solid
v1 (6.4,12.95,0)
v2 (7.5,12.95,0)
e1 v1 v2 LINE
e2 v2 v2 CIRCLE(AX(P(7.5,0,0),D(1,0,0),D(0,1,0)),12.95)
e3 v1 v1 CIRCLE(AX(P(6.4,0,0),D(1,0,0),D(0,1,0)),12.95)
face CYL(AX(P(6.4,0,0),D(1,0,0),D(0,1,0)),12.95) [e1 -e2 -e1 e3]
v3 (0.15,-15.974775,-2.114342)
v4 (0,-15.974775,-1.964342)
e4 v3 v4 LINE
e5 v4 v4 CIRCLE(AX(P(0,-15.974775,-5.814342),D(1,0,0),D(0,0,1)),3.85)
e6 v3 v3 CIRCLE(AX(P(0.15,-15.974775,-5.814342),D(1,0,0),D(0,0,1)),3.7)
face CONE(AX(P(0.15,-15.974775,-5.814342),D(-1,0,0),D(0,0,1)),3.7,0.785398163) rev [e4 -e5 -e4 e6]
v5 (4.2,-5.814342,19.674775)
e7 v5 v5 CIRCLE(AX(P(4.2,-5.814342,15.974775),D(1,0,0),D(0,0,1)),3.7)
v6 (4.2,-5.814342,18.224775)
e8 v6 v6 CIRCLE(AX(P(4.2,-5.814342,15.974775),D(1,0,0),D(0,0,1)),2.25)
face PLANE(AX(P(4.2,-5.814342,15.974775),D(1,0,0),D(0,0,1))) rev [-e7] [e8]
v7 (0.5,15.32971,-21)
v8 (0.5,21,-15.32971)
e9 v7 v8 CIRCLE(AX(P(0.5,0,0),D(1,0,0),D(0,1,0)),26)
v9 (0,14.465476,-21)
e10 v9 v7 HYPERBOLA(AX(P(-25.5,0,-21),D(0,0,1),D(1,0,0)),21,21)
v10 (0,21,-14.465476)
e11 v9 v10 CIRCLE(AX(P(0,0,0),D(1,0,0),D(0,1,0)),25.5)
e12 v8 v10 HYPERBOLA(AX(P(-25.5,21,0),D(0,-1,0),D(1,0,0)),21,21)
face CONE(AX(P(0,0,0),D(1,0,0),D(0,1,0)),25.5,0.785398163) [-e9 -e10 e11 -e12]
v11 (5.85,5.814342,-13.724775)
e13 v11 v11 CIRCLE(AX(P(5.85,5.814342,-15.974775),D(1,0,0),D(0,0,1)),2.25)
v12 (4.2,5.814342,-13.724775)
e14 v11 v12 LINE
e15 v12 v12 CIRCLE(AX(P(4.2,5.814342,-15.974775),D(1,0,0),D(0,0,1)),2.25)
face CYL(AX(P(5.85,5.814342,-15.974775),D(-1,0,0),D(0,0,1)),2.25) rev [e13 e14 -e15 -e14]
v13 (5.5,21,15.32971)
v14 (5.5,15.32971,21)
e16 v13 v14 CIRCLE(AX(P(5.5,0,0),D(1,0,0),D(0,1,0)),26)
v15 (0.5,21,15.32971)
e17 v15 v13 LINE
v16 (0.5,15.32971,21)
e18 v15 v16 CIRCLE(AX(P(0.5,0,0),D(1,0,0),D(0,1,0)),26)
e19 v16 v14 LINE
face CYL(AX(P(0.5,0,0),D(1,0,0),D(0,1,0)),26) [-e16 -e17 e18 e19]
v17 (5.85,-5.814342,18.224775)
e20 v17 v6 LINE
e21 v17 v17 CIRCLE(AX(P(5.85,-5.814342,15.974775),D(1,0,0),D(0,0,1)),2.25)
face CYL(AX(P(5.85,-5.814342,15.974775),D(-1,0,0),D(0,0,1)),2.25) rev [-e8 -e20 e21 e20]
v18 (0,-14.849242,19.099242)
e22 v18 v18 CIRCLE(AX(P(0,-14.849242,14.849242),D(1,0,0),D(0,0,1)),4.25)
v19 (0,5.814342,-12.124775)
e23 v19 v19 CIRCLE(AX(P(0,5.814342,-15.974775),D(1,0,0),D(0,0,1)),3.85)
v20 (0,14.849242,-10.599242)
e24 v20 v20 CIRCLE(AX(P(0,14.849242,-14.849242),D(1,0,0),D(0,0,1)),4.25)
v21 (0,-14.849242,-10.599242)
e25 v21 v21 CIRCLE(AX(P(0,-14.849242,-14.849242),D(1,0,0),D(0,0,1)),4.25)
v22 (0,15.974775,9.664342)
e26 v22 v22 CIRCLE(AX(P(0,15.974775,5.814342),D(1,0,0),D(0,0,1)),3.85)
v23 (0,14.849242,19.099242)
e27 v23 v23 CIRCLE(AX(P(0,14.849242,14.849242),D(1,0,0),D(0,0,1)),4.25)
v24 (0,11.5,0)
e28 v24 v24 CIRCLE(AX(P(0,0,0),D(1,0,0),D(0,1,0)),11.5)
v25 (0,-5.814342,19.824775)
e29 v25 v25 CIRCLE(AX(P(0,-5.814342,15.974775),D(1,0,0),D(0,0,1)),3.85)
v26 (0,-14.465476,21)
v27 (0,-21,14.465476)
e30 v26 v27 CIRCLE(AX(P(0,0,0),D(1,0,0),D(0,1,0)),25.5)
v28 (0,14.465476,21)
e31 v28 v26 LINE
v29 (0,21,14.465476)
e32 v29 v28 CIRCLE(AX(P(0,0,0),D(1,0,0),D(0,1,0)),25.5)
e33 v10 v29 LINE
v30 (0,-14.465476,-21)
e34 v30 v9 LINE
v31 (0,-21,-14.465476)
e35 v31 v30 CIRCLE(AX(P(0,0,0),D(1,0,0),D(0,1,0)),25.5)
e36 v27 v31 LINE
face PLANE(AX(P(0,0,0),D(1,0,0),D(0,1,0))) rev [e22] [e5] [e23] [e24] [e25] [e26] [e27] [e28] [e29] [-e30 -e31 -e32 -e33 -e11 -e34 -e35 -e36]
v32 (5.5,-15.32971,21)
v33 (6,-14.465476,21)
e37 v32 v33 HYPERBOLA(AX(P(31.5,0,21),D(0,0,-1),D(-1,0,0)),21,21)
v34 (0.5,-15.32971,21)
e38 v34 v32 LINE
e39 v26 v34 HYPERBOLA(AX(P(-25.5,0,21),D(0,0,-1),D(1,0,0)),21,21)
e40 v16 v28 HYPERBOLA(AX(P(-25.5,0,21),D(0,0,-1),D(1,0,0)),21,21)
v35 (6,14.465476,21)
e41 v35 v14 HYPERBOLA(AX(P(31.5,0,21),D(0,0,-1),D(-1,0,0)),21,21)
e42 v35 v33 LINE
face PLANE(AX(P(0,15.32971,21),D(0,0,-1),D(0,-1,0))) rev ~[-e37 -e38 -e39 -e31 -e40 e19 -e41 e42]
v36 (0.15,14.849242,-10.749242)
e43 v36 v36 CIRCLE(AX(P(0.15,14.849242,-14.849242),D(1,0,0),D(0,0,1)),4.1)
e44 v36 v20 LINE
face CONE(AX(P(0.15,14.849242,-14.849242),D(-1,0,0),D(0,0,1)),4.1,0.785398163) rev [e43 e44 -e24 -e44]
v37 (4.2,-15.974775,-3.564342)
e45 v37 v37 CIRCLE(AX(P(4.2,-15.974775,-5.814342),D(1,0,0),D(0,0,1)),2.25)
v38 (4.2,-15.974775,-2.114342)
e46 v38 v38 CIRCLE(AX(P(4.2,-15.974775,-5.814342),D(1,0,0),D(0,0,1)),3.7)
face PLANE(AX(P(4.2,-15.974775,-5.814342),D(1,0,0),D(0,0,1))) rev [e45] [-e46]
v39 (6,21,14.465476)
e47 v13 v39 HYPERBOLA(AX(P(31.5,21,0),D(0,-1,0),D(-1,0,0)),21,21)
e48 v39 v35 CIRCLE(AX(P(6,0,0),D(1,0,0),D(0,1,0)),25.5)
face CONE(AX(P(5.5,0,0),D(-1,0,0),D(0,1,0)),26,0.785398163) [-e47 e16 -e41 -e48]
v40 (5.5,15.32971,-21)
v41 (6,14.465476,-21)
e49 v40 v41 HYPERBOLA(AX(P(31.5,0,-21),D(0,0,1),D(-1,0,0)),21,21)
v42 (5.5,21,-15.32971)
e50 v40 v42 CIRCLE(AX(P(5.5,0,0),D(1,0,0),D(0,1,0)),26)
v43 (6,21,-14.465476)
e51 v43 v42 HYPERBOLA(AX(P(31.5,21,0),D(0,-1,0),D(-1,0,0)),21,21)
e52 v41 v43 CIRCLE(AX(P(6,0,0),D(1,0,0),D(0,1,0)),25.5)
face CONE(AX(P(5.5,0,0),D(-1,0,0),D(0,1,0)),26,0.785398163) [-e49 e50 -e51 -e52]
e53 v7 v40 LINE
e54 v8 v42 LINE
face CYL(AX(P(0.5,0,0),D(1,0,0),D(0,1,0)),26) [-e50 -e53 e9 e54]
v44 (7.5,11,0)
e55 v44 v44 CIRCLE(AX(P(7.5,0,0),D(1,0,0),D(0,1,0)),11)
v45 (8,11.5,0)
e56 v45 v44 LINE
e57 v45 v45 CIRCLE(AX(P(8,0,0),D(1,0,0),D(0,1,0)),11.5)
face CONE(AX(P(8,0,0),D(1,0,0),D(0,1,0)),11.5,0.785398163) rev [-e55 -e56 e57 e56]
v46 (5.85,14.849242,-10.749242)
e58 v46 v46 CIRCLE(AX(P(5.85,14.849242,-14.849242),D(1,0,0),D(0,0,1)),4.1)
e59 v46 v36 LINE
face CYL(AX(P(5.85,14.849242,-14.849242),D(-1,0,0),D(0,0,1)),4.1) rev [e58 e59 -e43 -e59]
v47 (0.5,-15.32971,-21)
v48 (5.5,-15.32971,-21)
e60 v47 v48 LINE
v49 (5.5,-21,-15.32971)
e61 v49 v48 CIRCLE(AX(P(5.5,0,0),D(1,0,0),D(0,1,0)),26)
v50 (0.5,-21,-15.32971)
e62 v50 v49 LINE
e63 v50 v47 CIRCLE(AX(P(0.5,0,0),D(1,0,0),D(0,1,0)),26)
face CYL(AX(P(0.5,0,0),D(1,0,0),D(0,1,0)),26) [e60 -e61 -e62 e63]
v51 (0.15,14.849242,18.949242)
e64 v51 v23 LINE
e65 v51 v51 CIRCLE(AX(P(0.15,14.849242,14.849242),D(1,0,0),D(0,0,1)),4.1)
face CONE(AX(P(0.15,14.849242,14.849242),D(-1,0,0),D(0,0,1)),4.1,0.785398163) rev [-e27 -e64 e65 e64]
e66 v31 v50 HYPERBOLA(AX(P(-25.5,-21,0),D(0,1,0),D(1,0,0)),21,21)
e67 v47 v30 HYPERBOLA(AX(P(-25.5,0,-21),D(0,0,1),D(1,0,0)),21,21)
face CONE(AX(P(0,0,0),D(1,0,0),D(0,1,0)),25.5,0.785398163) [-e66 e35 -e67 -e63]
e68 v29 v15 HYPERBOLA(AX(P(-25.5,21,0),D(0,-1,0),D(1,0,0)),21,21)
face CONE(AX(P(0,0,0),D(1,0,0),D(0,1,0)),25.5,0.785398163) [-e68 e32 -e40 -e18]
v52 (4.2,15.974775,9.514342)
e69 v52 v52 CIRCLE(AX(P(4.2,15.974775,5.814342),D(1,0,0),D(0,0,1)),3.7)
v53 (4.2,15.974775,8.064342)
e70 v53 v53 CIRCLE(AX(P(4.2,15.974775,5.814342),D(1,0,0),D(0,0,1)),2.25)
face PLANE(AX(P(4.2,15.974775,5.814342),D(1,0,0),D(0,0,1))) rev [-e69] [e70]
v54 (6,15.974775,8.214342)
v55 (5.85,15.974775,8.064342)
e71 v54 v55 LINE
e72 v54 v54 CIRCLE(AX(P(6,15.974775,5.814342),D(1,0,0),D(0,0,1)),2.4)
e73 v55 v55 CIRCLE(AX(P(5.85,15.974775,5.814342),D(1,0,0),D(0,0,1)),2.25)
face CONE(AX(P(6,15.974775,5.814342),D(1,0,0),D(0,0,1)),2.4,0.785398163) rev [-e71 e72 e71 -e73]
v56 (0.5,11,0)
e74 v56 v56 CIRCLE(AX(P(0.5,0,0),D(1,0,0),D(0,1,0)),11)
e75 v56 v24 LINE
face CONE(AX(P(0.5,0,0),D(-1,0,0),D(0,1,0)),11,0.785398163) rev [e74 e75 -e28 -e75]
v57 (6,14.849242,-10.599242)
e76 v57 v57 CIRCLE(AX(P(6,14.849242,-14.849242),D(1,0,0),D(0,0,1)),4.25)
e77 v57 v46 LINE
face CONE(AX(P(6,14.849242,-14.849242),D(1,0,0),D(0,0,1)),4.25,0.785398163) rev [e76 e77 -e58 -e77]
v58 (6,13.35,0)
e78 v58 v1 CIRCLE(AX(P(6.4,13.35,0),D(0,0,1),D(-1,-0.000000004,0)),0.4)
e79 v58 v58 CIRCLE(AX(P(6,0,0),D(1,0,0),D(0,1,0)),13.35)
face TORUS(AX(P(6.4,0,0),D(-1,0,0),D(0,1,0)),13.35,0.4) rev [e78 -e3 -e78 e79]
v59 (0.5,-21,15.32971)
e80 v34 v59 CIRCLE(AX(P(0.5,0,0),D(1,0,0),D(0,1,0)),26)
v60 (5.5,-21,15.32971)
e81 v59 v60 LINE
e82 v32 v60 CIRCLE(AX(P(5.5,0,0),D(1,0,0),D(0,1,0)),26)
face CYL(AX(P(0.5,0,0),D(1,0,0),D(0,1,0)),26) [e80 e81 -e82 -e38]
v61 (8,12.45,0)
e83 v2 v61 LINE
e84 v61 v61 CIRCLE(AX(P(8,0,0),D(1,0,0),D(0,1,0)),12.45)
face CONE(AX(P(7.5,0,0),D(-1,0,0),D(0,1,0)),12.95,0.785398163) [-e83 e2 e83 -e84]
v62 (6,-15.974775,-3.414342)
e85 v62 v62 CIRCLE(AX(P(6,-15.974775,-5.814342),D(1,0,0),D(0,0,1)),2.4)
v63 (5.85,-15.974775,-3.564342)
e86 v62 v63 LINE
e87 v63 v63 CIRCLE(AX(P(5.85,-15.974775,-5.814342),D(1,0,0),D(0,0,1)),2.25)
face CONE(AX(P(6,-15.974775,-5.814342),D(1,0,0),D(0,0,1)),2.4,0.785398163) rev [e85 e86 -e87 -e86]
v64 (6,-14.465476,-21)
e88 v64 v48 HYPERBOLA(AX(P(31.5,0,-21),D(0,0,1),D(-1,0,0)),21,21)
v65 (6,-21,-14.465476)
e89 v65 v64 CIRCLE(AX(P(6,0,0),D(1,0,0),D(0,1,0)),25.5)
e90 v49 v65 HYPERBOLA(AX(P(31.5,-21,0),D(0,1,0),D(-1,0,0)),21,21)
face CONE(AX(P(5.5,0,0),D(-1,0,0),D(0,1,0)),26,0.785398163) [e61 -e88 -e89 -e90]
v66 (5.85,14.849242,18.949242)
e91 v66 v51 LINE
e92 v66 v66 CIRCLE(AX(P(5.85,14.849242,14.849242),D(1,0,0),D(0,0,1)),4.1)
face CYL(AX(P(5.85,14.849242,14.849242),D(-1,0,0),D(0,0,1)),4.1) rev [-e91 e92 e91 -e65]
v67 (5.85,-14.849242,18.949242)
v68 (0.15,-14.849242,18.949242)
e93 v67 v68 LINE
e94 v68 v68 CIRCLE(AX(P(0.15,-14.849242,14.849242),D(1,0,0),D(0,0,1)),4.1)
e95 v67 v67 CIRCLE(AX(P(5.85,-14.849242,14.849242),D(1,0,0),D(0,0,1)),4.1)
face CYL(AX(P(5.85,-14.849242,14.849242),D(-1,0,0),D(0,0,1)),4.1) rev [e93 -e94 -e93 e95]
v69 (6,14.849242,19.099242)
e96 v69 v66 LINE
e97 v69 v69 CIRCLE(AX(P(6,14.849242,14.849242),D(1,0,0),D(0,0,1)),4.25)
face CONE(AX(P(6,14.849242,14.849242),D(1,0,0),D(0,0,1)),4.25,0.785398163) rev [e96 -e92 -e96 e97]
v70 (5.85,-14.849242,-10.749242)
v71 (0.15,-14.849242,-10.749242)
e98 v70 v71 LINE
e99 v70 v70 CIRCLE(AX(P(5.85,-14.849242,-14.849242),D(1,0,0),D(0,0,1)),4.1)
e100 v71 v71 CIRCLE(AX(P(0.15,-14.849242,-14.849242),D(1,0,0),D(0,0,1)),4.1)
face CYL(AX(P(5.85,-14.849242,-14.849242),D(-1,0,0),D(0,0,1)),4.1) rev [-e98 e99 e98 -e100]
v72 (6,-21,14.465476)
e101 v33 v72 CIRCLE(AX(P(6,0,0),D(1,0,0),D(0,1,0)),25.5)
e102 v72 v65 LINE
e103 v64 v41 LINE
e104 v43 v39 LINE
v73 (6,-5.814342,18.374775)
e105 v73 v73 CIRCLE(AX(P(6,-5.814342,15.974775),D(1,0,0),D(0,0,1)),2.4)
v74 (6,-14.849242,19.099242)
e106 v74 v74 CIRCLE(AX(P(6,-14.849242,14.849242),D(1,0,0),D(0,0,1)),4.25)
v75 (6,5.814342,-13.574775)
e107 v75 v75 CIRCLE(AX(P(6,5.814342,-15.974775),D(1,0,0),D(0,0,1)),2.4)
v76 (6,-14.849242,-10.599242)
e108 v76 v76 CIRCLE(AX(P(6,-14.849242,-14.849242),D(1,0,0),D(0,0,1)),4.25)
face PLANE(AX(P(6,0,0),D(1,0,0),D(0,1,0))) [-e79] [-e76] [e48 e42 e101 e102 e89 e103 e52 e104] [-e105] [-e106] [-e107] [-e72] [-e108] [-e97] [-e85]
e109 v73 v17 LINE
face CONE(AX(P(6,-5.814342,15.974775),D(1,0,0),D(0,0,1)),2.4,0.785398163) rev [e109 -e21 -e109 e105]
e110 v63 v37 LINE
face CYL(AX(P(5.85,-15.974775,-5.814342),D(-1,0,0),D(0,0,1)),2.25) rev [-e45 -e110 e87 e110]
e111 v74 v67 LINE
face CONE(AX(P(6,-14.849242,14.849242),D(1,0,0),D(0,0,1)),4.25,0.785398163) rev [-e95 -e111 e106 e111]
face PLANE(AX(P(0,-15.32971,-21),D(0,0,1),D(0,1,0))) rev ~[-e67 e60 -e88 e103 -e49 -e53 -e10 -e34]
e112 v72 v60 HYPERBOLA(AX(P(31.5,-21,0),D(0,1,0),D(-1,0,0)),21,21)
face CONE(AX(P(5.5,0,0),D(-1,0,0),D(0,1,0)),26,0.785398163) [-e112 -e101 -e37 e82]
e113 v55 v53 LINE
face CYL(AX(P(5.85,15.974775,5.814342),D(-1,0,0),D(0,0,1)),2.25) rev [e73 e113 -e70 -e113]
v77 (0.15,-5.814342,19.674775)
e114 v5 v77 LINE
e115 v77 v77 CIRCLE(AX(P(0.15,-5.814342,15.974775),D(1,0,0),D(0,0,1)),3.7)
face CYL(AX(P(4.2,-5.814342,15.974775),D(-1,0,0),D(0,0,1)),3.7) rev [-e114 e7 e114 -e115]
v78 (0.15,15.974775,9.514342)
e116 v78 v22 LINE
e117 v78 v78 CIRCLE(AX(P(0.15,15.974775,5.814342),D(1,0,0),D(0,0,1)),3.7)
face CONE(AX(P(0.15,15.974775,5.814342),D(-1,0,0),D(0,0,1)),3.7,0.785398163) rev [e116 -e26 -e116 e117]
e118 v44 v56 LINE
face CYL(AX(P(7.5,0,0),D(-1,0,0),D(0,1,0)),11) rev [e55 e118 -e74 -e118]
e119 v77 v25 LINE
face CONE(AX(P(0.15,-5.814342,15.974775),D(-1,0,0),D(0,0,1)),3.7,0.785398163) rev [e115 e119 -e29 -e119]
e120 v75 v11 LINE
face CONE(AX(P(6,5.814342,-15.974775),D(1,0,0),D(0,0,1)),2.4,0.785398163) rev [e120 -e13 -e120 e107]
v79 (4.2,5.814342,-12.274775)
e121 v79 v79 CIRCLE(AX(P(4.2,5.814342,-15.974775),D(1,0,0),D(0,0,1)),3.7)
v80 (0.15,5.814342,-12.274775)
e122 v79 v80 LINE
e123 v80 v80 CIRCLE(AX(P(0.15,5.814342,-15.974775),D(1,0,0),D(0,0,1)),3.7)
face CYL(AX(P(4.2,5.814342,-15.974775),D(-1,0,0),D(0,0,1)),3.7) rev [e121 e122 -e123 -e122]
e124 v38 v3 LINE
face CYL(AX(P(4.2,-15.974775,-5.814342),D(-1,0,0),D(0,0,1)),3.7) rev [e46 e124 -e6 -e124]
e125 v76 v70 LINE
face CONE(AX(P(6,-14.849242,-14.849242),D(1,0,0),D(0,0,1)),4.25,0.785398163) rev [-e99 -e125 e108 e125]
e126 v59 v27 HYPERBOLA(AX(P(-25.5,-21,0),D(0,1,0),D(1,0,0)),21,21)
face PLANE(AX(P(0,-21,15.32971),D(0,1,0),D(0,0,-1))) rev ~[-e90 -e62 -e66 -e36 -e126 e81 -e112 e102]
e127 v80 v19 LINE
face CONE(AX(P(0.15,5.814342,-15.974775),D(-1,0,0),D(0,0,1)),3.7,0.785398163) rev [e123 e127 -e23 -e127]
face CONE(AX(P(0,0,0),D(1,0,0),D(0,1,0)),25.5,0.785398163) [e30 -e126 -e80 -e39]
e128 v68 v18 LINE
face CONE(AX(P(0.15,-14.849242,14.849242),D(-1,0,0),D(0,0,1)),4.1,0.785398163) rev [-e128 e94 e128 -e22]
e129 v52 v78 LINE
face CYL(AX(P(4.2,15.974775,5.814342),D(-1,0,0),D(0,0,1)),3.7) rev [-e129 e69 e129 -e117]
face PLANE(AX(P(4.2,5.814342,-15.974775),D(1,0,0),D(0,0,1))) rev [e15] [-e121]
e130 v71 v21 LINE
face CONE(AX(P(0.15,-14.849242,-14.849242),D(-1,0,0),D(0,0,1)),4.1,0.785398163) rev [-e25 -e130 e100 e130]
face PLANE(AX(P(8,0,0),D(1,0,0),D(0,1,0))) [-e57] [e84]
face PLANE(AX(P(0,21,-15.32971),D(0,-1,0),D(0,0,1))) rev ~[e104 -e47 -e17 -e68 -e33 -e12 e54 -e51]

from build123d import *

# Parameters (mm, degrees)
CUT_EXTRUDE_1_REACH              = 10
HOLE_WIZARD_M41_AT_2_COUNT       = 2
HOLE_WIZARD_M41_AT_2_PITCH       = 24.04163056
HOLE_WIZARD_M41_AT_3_COUNT       = 2
HOLE_WIZARD_M41_AT_3_PITCH       = 34
HOLE_WIZARD_M41_AT_4_COUNT       = 2
HOLE_WIZARD_M41_AT_4_PITCH       = 24.04163056
HOLE_WIZARD_8_2_8_2_1_AT_2_COUNT = 2
HOLE_WIZARD_8_2_8_2_1_AT_2_PITCH = 29.69848481
HOLE_WIZARD_8_2_8_2_1_AT_3_COUNT = 2
HOLE_WIZARD_8_2_8_2_1_AT_3_PITCH = 42
HOLE_WIZARD_8_2_8_2_1_AT_4_COUNT = 2
HOLE_WIZARD_8_2_8_2_1_AT_4_PITCH = 29.69848481


with BuildPart() as part:
    # Эскиз1 → Повернуть1 (revolve)
    with BuildSketch(Plane.XY):
        with BuildLine():
            Line((7.5, 11), (0.5, 11))
            Line((0.5, 11), (0, 11.5))
            Line((0, 11.5), (0, 25.5))
            Line((0, 25.5), (0.5, 26))
            Line((0.5, 26), (5.5, 26))
            Line((5.5, 26), (6, 25.5))
            Line((6, 25.5), (6, 13.35))
            ThreePointArc((6, 13.35), (6.117157288, 13.067157288), (6.4, 12.95))
            Line((6.4, 12.95), (7.5, 12.95))
            Line((7.5, 12.95), (8, 12.45))
            Line((8, 12.45), (8, 11.5))
            Line((8, 11.5), (7.5, 11))
        make_face()
    revolve(axis=Axis((0, 0, 0), (1, 0, 0)))

    # Эскиз2 → Вырез-Вытянуть1 (cut, up to next)
    with BuildSketch(Plane.ZY, mode=Mode.PRIVATE) as cut_extrude_1_sk1:
        with BuildLine():
            Line((-15.329709717, 21), (15.329709717, 21))
            ThreePointArc((15.329709717, 21), (0, 26), (-15.329709717, 21))
        make_face()
    cut_extrude_1_tool1 = extrude(cut_extrude_1_sk1.sketch, amount=-CUT_EXTRUDE_1_REACH, mode=Mode.PRIVATE) & part.part
    add(cut_extrude_1_tool1.solids().sort_by_distance((0, 23.017458, 0))[0], mode=Mode.SUBTRACT)
    # Эскиз2 → Вырез-Вытянуть1 (cut, up to next)
    with BuildSketch(Plane.ZY, mode=Mode.PRIVATE) as cut_extrude_1_sk2:
        with BuildLine():
            Line((21, 15.329709717), (21, -15.329709717))
            ThreePointArc((21, -15.329709717), (26, 0), (21, 15.329709717))
        make_face()
    cut_extrude_1_tool2 = extrude(cut_extrude_1_sk2.sketch, amount=-CUT_EXTRUDE_1_REACH, mode=Mode.PRIVATE) & part.part
    add(cut_extrude_1_tool2.solids().sort_by_distance((0, 0, 23.017458))[0], mode=Mode.SUBTRACT)
    # Эскиз2 → Вырез-Вытянуть1 (cut, up to next)
    with BuildSketch(Plane.ZY, mode=Mode.PRIVATE) as cut_extrude_1_sk3:
        with BuildLine():
            Line((15.329709717, -21), (-15.329709717, -21))
            ThreePointArc((-15.329709717, -21), (0, -26), (15.329709717, -21))
        make_face()
    cut_extrude_1_tool3 = extrude(cut_extrude_1_sk3.sketch, amount=-CUT_EXTRUDE_1_REACH, mode=Mode.PRIVATE) & part.part
    add(cut_extrude_1_tool3.solids().sort_by_distance((0, -23.017458, 0))[0], mode=Mode.SUBTRACT)
    # Эскиз2 → Вырез-Вытянуть1 (cut, up to next)
    with BuildSketch(Plane.ZY, mode=Mode.PRIVATE) as cut_extrude_1_sk4:
        with BuildLine():
            Line((-21, -15.329709717), (-21, 15.329709717))
            ThreePointArc((-21, 15.329709717), (-26, 0), (-21, -15.329709717))
        make_face()
    cut_extrude_1_tool4 = extrude(cut_extrude_1_sk4.sketch, amount=-CUT_EXTRUDE_1_REACH, mode=Mode.PRIVATE) & part.part
    add(cut_extrude_1_tool4.solids().sort_by_distance((0, 0, -23.017458))[0], mode=Mode.SUBTRACT)

    # Эскиз4 → Цековка для винта с внутренним шестигранником M41 (revolve, cut)
    with BuildSketch(Plane(origin=(0, 15.974774553, 5.814342437), x_dir=(0, 0, 1), z_dir=(0, 1, 0))):
        Polygon((0, 0), (0, 6), (2.4, 6), (2.25, 5.85), (2.25, 4.2), (3.7, 4.2), (3.7, 0.15), (3.85, 0), align=None)
    hole_wizard_m41 = revolve(axis=Axis((-6.35, 15.974774553, 5.814342437), (1, 0, 0)), mode=Mode.SUBTRACT)

    # Цековка для винта с внутренним шестигранником M41 at 2: Цековка для винта с внутренним шестигранником M41 ×2
    with Locations(*[Vector(0, -0.422618262, -0.906307787) * (i * HOLE_WIZARD_M41_AT_2_PITCH) for i in range(1, HOLE_WIZARD_M41_AT_2_COUNT)]):
        add(hole_wizard_m41, mode=Mode.SUBTRACT)

    # Цековка для винта с внутренним шестигранником M41 at 3: Цековка для винта с внутренним шестигранником M41 ×2
    with Locations(*[Vector(0, -0.939692621, -0.342020143) * (i * HOLE_WIZARD_M41_AT_3_PITCH) for i in range(1, HOLE_WIZARD_M41_AT_3_COUNT)]):
        add(hole_wizard_m41, mode=Mode.SUBTRACT)

    # Цековка для винта с внутренним шестигранником M41 at 4: Цековка для винта с внутренним шестигранником M41 ×2
    with Locations(*[Vector(0, -0.906307787, 0.422618262) * (i * HOLE_WIZARD_M41_AT_4_PITCH) for i in range(1, HOLE_WIZARD_M41_AT_4_COUNT)]):
        add(hole_wizard_m41, mode=Mode.SUBTRACT)

    # Эскиз6 → Диаметр отверстия Ø8.2 (8.2)1 (revolve, cut)
    with BuildSketch(Plane(origin=(0, 14.849242405, -14.849242405), x_dir=(0, 0, 1), z_dir=(0, 1, 0))):
        Polygon((0, 0), (0, 6), (4.25, 6), (4.1, 5.85), (4.1, 0.15), (4.25, 0), align=None)
    hole_wizard_8_2_8_2_1 = revolve(axis=Axis((-6.35, 14.849242405, -14.849242405), (1, 0, 0)), mode=Mode.SUBTRACT)

    # Диаметр отверстия Ø8.2 (8.2)1 at 2: Диаметр отверстия Ø8.2 (8.2)1 ×2
    with Locations(*[(0, 0, i * HOLE_WIZARD_8_2_8_2_1_AT_2_PITCH) for i in range(1, HOLE_WIZARD_8_2_8_2_1_AT_2_COUNT)]):
        add(hole_wizard_8_2_8_2_1, mode=Mode.SUBTRACT)

    # Диаметр отверстия Ø8.2 (8.2)1 at 3: Диаметр отверстия Ø8.2 (8.2)1 ×2
    with Locations(*[Vector(0, -0.707106781, 0.707106781) * (i * HOLE_WIZARD_8_2_8_2_1_AT_3_PITCH) for i in range(1, HOLE_WIZARD_8_2_8_2_1_AT_3_COUNT)]):
        add(hole_wizard_8_2_8_2_1, mode=Mode.SUBTRACT)

    # Диаметр отверстия Ø8.2 (8.2)1 at 4: Диаметр отверстия Ø8.2 (8.2)1 ×2
    with Locations(*[(0, -i * HOLE_WIZARD_8_2_8_2_1_AT_4_PITCH, 0) for i in range(1, HOLE_WIZARD_8_2_8_2_1_AT_4_COUNT)]):
        add(hole_wizard_8_2_8_2_1, mode=Mode.SUBTRACT)


solid = part.part
